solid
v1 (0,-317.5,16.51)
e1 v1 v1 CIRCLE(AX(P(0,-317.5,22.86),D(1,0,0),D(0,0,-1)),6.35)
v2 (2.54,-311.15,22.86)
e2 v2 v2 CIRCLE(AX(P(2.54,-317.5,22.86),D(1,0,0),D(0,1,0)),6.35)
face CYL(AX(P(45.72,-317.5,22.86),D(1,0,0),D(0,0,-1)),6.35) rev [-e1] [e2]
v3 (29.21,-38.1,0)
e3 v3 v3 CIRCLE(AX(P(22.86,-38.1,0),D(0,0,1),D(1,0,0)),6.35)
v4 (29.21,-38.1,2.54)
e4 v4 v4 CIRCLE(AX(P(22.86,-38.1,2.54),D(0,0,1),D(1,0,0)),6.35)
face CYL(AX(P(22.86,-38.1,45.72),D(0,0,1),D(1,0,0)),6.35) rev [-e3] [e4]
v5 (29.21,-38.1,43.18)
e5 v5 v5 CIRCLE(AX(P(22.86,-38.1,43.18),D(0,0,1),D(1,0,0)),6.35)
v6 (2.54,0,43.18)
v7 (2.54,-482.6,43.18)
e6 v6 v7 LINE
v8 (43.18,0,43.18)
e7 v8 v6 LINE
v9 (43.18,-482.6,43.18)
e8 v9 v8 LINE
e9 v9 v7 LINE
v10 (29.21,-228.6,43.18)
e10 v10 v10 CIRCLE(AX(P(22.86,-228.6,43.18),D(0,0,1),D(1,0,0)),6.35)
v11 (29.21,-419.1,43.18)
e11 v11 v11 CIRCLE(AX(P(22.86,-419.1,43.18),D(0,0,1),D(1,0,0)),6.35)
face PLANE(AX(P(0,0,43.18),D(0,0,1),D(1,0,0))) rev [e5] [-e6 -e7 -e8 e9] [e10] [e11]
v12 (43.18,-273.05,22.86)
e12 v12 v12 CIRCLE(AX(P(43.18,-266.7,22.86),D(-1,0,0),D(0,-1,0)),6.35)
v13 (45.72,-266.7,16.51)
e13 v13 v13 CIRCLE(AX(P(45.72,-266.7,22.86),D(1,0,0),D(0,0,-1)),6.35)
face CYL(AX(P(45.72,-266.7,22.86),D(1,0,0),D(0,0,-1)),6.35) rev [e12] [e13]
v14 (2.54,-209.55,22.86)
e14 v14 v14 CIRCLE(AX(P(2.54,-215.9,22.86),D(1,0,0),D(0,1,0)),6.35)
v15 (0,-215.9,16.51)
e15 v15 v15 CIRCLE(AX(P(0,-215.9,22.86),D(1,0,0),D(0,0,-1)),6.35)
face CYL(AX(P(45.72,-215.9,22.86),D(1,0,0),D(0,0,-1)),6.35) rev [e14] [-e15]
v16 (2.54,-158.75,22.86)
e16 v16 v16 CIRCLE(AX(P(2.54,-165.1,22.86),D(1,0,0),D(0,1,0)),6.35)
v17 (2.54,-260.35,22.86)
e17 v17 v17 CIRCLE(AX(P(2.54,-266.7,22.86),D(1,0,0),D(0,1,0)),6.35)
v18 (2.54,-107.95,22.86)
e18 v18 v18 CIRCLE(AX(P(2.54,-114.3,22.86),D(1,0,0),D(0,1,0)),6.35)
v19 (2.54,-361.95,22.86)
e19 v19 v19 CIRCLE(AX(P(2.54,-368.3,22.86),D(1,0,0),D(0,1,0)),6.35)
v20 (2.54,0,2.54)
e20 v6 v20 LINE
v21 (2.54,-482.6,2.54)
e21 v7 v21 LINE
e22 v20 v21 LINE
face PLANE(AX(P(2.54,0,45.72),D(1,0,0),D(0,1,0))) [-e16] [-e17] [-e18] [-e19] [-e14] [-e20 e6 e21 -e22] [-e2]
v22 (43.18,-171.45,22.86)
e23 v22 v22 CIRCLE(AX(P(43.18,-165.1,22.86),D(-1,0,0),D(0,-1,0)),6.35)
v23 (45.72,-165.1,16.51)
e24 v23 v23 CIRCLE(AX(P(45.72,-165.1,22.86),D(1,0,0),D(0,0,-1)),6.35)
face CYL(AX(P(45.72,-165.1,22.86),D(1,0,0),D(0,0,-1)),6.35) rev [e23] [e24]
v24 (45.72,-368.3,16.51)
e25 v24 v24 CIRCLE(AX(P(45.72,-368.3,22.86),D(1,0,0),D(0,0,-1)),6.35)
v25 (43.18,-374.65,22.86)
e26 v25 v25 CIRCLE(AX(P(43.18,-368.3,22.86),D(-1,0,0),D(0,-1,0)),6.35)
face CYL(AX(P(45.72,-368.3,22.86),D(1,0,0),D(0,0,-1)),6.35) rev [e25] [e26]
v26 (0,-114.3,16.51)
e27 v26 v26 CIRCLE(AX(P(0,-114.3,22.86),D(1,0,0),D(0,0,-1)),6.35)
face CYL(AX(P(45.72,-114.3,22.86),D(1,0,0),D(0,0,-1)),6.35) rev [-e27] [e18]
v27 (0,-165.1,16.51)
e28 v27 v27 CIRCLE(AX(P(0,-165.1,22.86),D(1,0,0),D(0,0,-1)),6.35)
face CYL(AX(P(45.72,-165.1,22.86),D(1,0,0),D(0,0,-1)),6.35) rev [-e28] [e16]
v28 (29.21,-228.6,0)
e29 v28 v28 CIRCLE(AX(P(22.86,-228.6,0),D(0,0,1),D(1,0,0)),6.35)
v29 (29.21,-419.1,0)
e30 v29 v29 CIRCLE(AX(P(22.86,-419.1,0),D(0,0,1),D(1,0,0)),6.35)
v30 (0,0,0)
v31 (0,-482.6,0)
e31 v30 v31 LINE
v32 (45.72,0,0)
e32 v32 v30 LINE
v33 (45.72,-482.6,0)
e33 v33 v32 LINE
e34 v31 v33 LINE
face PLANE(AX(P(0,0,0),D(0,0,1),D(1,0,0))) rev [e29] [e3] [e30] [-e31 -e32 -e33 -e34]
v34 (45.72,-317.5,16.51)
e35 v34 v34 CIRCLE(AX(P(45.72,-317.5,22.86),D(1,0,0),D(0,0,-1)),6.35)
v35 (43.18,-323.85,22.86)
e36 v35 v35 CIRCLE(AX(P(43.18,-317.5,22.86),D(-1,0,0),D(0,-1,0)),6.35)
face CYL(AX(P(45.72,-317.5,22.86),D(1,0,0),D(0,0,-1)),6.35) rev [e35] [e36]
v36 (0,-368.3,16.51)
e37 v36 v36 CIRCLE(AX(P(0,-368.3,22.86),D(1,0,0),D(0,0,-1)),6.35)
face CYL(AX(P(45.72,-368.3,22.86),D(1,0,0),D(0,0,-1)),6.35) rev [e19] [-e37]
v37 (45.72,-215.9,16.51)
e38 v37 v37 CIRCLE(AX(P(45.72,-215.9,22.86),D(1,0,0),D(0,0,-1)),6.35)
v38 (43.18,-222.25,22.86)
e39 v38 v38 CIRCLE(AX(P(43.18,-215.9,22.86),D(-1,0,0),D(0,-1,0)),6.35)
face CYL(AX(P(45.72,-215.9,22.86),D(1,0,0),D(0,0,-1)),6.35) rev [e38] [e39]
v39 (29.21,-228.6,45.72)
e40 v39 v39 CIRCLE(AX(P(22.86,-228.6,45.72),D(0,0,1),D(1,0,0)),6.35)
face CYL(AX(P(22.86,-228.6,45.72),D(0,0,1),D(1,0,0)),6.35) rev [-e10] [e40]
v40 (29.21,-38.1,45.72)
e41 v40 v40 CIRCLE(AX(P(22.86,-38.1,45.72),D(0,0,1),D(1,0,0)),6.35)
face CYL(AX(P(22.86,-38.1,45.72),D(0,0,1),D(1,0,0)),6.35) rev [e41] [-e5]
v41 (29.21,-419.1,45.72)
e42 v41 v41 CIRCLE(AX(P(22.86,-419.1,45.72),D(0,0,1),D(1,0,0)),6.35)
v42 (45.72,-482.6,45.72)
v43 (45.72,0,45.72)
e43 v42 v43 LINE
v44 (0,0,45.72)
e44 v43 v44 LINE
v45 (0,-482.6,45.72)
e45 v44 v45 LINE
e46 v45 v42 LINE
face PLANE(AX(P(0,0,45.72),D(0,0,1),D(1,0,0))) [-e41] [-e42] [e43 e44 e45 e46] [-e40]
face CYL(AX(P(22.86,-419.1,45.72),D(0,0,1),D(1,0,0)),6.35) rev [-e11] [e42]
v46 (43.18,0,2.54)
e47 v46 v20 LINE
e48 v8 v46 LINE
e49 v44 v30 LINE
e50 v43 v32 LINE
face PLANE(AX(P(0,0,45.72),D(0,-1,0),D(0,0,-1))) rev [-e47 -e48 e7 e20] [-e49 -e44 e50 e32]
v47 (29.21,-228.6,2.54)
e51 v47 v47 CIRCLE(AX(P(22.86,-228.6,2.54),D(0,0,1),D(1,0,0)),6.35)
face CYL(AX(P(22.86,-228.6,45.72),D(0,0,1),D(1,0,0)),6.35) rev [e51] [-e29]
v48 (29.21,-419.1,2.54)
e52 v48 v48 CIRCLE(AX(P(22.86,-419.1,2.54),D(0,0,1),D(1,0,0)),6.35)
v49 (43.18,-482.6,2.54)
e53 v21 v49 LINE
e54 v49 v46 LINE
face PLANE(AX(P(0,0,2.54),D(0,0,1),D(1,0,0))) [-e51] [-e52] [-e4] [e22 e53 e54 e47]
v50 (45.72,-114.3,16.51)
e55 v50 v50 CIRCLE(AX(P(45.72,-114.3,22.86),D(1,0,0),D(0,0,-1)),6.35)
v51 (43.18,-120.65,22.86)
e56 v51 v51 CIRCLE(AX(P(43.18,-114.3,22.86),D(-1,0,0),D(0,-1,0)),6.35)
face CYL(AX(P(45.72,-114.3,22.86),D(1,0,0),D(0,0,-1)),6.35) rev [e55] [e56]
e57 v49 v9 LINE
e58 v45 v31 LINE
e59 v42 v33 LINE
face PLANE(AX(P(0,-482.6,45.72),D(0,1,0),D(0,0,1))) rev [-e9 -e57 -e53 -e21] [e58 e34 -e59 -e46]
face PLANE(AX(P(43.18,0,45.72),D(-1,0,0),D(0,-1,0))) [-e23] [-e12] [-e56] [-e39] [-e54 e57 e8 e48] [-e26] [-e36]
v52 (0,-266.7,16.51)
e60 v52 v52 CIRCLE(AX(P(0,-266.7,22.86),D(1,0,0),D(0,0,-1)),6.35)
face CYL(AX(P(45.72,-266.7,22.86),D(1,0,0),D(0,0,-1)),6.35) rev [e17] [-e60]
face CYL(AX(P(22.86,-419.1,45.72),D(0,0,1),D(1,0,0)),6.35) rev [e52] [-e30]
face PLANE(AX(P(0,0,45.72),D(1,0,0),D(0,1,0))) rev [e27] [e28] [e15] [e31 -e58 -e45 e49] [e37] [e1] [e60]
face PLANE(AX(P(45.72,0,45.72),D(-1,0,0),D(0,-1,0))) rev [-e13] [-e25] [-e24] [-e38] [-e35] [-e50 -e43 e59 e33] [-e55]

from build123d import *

# Parameters (mm, degrees)
SKETCH1_W                 = 45.72
SKETCH1_H                 = 482.6
BOSS_EXTRUDE1_DEPTH       = 45.72
SHELL1_T                  = -2.54
SKETCH5_W                 = 40.64
SKETCH5_H                 = 40.64
CUT_EXTRUDE1_DEPTH        = 2.54
F_97_0_5_DIAMETER_HOLE1_D = 12.7
F_97_0_5_DIAMETER_HOLE2_D = 12.7


with BuildPart() as part:
    # Sketch1 → Boss-Extrude1 (new body)
    with BuildSketch(Plane.XY):
        with Locations((22.86, -241.3)):
            Rectangle(SKETCH1_W, SKETCH1_H)
    extrude(amount=BOSS_EXTRUDE1_DEPTH)

    # Shell1
    shell1_openings = [part.faces().sort_by_distance(p)[0] for p in [
        (22.86, 0, 22.86),
    ]]
    offset(amount=SHELL1_T, openings=shell1_openings, kind=Kind.INTERSECTION)

    # Sketch5 → Cut-Extrude1 (cut)
    with BuildSketch(Plane.XZ.offset(482.6)):
        with Locations((22.86, 22.86)):
            Rectangle(SKETCH5_W, SKETCH5_H)
    extrude(amount=-CUT_EXTRUDE1_DEPTH, mode=Mode.SUBTRACT)

    # #97 (0.5) Diameter Hole1 (through all)
    with Locations(Plane(origin=(22.86, -38.1, 45.72), x_dir=(1, 0, 0), z_dir=(0, 0, 1))):
        with Locations((0, 0), (0, -190.5), (0, -381)):
            Hole(F_97_0_5_DIAMETER_HOLE1_D / 2)

    # #97 (0.5) Diameter Hole2 (through all)
    with Locations(Plane(origin=(45.72, -114.3, 22.86), x_dir=(0, 1, 0), z_dir=(1, 0, 0))):
        with Locations((0, 0), (-50.8, 0), (-101.6, 0), (-152.4, 0), (-203.2, 0), (-254, 0)):
            Hole(F_97_0_5_DIAMETER_HOLE2_D / 2)


solid = part.part
